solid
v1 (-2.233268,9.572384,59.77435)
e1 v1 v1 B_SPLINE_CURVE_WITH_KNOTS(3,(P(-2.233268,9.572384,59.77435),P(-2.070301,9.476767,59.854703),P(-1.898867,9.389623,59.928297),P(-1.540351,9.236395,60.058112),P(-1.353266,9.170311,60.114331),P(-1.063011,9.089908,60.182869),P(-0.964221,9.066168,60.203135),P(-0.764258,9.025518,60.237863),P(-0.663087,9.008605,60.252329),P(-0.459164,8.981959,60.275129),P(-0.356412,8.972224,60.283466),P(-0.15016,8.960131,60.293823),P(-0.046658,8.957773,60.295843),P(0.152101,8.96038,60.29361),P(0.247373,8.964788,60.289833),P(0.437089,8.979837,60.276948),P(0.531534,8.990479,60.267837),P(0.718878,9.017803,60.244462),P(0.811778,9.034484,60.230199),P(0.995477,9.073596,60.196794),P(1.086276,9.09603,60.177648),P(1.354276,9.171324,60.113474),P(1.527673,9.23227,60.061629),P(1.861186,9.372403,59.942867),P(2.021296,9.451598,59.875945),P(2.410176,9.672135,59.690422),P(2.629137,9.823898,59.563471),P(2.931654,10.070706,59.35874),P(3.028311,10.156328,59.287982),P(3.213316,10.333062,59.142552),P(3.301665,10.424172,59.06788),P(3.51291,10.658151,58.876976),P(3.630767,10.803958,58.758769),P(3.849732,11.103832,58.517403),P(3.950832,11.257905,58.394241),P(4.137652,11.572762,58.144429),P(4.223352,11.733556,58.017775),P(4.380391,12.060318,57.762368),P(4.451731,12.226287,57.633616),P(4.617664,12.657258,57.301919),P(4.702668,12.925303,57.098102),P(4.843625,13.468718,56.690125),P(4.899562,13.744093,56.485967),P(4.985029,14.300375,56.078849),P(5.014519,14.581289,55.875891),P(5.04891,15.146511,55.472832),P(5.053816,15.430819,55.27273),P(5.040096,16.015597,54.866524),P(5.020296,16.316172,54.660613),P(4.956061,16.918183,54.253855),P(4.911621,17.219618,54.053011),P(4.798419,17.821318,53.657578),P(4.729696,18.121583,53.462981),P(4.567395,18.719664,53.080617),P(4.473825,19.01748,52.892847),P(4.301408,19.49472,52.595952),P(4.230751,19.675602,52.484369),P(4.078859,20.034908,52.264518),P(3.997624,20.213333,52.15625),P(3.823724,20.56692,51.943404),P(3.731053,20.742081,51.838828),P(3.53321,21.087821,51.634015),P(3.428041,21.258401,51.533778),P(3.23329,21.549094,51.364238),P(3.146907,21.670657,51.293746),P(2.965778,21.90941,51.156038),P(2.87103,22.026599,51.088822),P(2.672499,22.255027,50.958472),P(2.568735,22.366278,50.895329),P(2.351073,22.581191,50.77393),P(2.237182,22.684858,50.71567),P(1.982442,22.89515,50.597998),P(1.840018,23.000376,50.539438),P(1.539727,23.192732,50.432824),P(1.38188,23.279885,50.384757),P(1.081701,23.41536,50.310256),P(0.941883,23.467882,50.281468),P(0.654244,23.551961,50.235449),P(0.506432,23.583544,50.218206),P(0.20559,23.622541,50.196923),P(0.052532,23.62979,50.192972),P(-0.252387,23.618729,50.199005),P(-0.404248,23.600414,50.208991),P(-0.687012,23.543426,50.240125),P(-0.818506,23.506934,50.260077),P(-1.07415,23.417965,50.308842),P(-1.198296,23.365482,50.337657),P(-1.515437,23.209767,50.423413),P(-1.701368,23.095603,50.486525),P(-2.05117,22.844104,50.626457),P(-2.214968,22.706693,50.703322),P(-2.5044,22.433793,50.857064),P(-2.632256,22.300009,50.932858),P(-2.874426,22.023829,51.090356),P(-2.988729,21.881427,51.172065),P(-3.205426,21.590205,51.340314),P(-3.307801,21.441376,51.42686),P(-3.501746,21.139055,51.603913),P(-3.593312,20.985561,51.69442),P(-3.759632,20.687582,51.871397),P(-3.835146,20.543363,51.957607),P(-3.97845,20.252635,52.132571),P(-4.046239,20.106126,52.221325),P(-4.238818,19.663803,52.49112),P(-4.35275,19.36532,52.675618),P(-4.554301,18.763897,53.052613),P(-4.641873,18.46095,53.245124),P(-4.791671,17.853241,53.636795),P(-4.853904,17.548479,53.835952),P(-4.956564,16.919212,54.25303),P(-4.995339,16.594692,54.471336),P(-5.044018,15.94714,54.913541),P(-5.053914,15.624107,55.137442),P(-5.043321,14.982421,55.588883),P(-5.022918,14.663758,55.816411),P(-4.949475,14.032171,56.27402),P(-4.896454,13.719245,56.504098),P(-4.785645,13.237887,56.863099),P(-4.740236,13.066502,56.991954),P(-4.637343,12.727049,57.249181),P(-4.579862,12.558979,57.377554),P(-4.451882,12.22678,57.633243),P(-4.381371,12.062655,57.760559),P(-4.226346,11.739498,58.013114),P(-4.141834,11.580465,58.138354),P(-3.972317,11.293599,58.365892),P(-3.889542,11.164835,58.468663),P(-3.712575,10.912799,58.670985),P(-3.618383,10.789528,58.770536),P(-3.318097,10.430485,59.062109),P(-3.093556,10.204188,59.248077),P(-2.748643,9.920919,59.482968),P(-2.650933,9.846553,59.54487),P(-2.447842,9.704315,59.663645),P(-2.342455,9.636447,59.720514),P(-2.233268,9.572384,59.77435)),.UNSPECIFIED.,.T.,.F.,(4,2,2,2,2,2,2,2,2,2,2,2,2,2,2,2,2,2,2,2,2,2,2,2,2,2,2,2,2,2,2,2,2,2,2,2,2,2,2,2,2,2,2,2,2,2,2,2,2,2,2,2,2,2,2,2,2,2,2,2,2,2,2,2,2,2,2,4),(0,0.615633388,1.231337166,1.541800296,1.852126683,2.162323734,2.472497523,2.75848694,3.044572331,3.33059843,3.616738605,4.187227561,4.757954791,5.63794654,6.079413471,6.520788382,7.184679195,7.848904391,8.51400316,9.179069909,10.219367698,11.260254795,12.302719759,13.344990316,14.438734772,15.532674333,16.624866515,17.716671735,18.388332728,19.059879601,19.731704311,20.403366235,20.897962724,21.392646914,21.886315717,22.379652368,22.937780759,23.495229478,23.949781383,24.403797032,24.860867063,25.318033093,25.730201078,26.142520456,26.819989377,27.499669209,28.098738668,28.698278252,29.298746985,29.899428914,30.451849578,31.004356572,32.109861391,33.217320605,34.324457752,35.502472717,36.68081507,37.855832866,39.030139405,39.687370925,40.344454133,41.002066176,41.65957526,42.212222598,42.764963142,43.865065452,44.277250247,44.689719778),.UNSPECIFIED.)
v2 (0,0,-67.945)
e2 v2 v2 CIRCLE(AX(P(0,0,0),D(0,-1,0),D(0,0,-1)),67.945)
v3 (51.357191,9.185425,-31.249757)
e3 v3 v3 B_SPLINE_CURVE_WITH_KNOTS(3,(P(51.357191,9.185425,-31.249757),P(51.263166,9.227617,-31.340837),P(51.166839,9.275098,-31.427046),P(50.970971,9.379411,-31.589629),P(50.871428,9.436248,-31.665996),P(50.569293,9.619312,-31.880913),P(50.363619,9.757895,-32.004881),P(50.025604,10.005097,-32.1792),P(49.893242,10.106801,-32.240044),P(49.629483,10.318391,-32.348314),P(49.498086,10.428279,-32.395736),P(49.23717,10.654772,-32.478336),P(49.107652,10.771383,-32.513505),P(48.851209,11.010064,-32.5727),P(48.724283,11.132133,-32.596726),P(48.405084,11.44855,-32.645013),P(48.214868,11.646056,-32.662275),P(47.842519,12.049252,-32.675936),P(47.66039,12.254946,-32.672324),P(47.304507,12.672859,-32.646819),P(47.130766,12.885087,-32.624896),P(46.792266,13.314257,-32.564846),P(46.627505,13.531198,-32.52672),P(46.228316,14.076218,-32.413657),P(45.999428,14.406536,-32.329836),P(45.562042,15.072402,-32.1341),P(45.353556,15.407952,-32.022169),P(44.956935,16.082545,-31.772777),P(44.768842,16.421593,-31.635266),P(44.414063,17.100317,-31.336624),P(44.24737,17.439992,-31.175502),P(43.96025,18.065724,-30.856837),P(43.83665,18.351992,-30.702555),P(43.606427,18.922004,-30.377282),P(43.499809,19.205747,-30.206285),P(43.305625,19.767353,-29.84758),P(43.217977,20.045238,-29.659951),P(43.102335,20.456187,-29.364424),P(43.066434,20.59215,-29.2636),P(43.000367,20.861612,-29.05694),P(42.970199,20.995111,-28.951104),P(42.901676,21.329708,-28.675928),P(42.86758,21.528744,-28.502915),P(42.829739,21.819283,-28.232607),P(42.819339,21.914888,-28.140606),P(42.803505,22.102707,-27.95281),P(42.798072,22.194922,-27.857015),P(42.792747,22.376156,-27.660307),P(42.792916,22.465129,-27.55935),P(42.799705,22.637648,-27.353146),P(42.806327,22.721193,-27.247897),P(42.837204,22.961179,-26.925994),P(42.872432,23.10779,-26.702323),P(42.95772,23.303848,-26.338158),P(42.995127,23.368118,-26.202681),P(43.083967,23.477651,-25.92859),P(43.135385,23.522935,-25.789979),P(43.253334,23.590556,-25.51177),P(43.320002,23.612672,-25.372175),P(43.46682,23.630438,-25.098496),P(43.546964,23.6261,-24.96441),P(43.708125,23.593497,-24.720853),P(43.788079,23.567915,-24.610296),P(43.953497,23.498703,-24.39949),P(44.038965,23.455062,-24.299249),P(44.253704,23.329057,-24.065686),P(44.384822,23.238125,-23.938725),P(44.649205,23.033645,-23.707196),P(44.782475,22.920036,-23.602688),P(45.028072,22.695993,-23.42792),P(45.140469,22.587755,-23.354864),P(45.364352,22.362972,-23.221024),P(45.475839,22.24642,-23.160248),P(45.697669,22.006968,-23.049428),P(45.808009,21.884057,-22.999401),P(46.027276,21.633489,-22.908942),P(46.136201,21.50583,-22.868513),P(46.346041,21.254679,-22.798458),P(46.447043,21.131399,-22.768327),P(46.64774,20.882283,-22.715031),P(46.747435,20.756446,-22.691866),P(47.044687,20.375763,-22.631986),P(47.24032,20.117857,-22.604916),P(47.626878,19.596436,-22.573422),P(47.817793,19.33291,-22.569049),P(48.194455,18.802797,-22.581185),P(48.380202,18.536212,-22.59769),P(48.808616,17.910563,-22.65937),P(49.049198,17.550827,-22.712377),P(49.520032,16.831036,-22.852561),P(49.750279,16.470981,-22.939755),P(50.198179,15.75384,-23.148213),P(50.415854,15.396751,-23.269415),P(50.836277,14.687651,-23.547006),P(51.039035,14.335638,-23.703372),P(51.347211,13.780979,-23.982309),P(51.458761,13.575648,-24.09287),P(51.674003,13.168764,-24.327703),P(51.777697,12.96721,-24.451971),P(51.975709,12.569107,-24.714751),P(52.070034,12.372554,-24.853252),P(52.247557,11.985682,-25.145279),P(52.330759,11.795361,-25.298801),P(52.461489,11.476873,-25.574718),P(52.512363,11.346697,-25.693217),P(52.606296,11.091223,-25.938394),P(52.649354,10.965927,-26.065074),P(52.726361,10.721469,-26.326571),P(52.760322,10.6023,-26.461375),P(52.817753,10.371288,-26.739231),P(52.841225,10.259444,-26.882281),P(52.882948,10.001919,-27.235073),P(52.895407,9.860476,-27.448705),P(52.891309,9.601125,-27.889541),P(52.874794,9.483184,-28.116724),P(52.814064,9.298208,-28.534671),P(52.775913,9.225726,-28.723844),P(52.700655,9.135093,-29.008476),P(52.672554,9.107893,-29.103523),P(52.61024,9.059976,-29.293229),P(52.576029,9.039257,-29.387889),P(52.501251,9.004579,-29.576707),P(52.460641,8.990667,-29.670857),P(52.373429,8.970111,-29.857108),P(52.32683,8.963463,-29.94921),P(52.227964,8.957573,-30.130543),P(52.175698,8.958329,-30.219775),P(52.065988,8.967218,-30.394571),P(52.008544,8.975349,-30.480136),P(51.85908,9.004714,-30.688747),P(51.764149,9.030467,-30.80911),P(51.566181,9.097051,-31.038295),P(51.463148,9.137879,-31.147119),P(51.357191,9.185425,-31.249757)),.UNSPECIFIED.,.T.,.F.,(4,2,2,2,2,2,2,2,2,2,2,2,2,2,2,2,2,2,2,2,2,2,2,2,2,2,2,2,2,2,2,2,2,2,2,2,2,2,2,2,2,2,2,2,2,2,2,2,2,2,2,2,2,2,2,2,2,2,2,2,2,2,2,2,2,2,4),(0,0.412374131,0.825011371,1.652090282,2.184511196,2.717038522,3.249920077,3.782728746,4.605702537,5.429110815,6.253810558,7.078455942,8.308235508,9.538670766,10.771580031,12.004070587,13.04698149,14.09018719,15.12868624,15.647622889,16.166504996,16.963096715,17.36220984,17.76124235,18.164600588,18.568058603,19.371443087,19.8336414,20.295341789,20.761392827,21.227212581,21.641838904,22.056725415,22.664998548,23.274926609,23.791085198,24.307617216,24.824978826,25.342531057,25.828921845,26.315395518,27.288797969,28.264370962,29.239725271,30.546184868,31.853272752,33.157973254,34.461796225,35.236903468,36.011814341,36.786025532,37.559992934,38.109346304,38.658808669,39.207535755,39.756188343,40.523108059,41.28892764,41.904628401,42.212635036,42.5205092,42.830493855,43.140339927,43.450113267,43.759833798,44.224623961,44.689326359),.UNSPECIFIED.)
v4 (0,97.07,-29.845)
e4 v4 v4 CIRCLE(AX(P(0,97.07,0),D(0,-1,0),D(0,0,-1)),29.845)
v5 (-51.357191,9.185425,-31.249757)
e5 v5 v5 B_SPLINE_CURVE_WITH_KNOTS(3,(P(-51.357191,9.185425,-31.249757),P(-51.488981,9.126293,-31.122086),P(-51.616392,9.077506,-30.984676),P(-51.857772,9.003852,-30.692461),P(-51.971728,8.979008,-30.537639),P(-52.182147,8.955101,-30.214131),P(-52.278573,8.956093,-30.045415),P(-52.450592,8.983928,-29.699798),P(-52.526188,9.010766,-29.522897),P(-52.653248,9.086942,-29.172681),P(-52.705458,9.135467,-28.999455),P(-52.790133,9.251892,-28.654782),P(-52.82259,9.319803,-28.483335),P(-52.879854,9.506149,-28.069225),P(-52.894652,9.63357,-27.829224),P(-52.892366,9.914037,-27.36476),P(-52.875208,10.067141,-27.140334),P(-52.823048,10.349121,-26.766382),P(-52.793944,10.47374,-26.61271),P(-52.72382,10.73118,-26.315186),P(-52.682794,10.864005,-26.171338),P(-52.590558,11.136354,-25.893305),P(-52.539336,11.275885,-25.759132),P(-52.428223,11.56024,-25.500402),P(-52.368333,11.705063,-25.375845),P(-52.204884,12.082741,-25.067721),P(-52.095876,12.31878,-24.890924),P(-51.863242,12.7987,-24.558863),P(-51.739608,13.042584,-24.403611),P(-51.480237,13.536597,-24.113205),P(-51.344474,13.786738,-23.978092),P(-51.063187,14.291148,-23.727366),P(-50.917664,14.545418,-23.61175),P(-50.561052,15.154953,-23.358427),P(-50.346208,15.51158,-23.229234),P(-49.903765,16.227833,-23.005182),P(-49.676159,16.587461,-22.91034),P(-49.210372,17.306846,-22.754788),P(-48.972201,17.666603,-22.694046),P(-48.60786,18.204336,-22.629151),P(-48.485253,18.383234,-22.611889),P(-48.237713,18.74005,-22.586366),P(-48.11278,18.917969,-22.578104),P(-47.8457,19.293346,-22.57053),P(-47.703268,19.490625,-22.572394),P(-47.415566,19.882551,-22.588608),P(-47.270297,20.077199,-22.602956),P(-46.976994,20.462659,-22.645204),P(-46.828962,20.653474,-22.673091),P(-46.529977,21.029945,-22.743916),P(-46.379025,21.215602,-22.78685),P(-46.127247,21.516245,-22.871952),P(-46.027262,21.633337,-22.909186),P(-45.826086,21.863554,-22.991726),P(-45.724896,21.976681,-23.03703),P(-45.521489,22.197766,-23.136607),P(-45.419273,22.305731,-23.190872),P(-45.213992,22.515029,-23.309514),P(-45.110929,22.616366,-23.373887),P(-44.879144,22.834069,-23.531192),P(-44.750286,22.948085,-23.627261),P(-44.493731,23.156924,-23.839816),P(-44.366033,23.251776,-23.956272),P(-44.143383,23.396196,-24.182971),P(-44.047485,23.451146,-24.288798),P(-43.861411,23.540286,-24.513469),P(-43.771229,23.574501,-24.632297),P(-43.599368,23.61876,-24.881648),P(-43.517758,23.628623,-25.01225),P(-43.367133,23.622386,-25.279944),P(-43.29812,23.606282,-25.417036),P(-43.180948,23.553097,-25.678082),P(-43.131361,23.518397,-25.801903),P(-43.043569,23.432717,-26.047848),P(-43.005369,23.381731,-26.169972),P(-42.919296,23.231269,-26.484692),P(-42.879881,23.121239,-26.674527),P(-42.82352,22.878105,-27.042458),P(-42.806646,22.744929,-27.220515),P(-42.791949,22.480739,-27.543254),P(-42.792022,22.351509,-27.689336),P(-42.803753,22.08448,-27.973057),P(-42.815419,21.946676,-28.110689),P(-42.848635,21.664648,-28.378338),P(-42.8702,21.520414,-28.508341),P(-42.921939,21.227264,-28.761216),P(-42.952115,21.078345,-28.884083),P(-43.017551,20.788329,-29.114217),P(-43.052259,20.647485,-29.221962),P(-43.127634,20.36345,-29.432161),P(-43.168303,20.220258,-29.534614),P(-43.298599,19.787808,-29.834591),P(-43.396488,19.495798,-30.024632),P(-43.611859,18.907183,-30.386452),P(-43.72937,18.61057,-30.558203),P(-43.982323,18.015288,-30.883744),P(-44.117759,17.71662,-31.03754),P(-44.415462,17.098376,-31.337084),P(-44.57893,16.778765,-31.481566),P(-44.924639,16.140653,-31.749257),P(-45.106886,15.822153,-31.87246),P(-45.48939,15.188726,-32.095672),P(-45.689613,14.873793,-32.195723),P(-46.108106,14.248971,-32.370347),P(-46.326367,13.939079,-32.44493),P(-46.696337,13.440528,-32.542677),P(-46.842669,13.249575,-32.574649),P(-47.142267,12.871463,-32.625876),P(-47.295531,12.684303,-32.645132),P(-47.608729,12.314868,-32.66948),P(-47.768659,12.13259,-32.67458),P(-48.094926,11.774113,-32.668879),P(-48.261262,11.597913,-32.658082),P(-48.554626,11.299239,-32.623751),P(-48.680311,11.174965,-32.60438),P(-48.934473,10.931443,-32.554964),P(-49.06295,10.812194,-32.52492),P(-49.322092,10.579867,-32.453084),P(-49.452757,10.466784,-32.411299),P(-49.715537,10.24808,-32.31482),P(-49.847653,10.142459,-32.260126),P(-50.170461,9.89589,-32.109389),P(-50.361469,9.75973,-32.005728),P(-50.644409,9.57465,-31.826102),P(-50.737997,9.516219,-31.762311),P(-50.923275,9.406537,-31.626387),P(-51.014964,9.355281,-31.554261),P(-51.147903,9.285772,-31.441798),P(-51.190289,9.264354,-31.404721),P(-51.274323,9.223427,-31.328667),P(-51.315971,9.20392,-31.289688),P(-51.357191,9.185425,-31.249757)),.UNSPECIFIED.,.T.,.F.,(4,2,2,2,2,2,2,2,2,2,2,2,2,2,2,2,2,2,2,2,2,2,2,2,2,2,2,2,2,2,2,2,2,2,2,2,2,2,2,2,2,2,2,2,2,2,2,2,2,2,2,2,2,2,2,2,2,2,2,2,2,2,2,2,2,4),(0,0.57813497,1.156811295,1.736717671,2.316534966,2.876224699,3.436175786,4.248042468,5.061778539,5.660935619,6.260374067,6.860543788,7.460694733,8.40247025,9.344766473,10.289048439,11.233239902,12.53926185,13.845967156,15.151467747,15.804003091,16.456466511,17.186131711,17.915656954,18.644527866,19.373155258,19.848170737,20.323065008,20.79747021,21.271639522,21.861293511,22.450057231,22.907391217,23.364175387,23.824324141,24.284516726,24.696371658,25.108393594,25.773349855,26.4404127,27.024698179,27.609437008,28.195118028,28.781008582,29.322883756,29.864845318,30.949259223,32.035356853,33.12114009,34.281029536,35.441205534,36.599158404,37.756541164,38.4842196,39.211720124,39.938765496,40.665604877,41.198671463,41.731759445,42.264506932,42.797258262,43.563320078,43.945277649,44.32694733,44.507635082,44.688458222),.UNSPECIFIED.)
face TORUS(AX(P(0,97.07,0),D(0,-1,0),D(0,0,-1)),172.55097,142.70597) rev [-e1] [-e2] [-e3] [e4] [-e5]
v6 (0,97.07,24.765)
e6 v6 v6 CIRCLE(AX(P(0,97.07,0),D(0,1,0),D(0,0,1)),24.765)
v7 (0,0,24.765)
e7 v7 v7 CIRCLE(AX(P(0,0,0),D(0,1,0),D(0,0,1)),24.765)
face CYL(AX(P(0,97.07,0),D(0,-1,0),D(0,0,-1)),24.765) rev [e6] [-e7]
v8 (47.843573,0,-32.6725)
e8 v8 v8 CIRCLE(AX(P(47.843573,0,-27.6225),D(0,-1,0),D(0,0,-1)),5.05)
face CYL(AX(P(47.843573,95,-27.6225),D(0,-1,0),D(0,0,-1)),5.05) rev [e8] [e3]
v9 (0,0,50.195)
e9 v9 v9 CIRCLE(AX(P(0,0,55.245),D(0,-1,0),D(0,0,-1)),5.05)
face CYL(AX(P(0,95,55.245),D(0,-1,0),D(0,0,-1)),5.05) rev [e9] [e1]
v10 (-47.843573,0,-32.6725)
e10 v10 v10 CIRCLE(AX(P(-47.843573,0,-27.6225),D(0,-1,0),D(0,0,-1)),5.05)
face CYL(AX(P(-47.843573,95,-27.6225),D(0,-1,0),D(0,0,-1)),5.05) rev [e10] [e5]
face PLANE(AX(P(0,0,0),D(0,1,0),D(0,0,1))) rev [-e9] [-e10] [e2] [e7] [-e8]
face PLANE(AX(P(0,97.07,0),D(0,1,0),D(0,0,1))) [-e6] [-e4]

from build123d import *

# Parameters (mm, degrees)
SKETCH1_R           = 29.845
SKETCH1_R_2         = 24.765
BOSS_EXTRUDE1_DEPTH = 97.07
SKETCH4_R           = 24.765
SKETCH4_R_2         = 5.05
CUT_EXTRUDE1_DEPTH  = 95


with BuildPart() as part:
    # Sketch1 → Boss-Extrude1 (new body)
    with BuildSketch(Plane(origin=(0, 0, 0), x_dir=(1, 0, 0), z_dir=(0, 1, 0))):
        with Locations(Location((0, 0, 0), (0, 0, 270))):
            Circle(SKETCH1_R)
        with Locations(Location((0, 0, 0), (0, 0, 270))):
            Circle(SKETCH1_R_2, mode=Mode.SUBTRACT)
    extrude(amount=BOSS_EXTRUDE1_DEPTH)

    # Sketch3 → Revolve1 (revolve)
    with BuildSketch(Plane.XY, mode=Mode.PRIVATE) as revolve1_sk:
        with BuildLine():
            Line((67.945, 0), (29.845, 0))
            Line((29.845, 0), (29.845, 97.07))
            ThreePointArc((29.845, 97.07), (39.711046991, 44.930296079), (67.945, 0))
        make_face()
    revolve(revolve1_sk.sketch.rotate(Axis((0, 0, 0), (0, 1, 0)), 90), axis=Axis((0, 0, 0), (0, 1, 0)))

    # Sketch4 → Cut-Extrude1 (cut)
    with BuildSketch(Plane.XZ):
        with Locations(Location((0, 0, 0), (0, 0, 90))):
            Circle(SKETCH4_R)
        with Locations(Location((0, 55.245, 0), (0, 0, 270))):
            Circle(SKETCH4_R_2)
        with Locations(Location((47.843573432, -27.6225, 0), (0, 0, 270))):
            Circle(SKETCH4_R_2)
        with Locations(Location((-47.843573432, -27.6225, 0), (0, 0, 270))):
            Circle(SKETCH4_R_2)
    extrude(amount=-CUT_EXTRUDE1_DEPTH, mode=Mode.SUBTRACT)


solid = part.part
